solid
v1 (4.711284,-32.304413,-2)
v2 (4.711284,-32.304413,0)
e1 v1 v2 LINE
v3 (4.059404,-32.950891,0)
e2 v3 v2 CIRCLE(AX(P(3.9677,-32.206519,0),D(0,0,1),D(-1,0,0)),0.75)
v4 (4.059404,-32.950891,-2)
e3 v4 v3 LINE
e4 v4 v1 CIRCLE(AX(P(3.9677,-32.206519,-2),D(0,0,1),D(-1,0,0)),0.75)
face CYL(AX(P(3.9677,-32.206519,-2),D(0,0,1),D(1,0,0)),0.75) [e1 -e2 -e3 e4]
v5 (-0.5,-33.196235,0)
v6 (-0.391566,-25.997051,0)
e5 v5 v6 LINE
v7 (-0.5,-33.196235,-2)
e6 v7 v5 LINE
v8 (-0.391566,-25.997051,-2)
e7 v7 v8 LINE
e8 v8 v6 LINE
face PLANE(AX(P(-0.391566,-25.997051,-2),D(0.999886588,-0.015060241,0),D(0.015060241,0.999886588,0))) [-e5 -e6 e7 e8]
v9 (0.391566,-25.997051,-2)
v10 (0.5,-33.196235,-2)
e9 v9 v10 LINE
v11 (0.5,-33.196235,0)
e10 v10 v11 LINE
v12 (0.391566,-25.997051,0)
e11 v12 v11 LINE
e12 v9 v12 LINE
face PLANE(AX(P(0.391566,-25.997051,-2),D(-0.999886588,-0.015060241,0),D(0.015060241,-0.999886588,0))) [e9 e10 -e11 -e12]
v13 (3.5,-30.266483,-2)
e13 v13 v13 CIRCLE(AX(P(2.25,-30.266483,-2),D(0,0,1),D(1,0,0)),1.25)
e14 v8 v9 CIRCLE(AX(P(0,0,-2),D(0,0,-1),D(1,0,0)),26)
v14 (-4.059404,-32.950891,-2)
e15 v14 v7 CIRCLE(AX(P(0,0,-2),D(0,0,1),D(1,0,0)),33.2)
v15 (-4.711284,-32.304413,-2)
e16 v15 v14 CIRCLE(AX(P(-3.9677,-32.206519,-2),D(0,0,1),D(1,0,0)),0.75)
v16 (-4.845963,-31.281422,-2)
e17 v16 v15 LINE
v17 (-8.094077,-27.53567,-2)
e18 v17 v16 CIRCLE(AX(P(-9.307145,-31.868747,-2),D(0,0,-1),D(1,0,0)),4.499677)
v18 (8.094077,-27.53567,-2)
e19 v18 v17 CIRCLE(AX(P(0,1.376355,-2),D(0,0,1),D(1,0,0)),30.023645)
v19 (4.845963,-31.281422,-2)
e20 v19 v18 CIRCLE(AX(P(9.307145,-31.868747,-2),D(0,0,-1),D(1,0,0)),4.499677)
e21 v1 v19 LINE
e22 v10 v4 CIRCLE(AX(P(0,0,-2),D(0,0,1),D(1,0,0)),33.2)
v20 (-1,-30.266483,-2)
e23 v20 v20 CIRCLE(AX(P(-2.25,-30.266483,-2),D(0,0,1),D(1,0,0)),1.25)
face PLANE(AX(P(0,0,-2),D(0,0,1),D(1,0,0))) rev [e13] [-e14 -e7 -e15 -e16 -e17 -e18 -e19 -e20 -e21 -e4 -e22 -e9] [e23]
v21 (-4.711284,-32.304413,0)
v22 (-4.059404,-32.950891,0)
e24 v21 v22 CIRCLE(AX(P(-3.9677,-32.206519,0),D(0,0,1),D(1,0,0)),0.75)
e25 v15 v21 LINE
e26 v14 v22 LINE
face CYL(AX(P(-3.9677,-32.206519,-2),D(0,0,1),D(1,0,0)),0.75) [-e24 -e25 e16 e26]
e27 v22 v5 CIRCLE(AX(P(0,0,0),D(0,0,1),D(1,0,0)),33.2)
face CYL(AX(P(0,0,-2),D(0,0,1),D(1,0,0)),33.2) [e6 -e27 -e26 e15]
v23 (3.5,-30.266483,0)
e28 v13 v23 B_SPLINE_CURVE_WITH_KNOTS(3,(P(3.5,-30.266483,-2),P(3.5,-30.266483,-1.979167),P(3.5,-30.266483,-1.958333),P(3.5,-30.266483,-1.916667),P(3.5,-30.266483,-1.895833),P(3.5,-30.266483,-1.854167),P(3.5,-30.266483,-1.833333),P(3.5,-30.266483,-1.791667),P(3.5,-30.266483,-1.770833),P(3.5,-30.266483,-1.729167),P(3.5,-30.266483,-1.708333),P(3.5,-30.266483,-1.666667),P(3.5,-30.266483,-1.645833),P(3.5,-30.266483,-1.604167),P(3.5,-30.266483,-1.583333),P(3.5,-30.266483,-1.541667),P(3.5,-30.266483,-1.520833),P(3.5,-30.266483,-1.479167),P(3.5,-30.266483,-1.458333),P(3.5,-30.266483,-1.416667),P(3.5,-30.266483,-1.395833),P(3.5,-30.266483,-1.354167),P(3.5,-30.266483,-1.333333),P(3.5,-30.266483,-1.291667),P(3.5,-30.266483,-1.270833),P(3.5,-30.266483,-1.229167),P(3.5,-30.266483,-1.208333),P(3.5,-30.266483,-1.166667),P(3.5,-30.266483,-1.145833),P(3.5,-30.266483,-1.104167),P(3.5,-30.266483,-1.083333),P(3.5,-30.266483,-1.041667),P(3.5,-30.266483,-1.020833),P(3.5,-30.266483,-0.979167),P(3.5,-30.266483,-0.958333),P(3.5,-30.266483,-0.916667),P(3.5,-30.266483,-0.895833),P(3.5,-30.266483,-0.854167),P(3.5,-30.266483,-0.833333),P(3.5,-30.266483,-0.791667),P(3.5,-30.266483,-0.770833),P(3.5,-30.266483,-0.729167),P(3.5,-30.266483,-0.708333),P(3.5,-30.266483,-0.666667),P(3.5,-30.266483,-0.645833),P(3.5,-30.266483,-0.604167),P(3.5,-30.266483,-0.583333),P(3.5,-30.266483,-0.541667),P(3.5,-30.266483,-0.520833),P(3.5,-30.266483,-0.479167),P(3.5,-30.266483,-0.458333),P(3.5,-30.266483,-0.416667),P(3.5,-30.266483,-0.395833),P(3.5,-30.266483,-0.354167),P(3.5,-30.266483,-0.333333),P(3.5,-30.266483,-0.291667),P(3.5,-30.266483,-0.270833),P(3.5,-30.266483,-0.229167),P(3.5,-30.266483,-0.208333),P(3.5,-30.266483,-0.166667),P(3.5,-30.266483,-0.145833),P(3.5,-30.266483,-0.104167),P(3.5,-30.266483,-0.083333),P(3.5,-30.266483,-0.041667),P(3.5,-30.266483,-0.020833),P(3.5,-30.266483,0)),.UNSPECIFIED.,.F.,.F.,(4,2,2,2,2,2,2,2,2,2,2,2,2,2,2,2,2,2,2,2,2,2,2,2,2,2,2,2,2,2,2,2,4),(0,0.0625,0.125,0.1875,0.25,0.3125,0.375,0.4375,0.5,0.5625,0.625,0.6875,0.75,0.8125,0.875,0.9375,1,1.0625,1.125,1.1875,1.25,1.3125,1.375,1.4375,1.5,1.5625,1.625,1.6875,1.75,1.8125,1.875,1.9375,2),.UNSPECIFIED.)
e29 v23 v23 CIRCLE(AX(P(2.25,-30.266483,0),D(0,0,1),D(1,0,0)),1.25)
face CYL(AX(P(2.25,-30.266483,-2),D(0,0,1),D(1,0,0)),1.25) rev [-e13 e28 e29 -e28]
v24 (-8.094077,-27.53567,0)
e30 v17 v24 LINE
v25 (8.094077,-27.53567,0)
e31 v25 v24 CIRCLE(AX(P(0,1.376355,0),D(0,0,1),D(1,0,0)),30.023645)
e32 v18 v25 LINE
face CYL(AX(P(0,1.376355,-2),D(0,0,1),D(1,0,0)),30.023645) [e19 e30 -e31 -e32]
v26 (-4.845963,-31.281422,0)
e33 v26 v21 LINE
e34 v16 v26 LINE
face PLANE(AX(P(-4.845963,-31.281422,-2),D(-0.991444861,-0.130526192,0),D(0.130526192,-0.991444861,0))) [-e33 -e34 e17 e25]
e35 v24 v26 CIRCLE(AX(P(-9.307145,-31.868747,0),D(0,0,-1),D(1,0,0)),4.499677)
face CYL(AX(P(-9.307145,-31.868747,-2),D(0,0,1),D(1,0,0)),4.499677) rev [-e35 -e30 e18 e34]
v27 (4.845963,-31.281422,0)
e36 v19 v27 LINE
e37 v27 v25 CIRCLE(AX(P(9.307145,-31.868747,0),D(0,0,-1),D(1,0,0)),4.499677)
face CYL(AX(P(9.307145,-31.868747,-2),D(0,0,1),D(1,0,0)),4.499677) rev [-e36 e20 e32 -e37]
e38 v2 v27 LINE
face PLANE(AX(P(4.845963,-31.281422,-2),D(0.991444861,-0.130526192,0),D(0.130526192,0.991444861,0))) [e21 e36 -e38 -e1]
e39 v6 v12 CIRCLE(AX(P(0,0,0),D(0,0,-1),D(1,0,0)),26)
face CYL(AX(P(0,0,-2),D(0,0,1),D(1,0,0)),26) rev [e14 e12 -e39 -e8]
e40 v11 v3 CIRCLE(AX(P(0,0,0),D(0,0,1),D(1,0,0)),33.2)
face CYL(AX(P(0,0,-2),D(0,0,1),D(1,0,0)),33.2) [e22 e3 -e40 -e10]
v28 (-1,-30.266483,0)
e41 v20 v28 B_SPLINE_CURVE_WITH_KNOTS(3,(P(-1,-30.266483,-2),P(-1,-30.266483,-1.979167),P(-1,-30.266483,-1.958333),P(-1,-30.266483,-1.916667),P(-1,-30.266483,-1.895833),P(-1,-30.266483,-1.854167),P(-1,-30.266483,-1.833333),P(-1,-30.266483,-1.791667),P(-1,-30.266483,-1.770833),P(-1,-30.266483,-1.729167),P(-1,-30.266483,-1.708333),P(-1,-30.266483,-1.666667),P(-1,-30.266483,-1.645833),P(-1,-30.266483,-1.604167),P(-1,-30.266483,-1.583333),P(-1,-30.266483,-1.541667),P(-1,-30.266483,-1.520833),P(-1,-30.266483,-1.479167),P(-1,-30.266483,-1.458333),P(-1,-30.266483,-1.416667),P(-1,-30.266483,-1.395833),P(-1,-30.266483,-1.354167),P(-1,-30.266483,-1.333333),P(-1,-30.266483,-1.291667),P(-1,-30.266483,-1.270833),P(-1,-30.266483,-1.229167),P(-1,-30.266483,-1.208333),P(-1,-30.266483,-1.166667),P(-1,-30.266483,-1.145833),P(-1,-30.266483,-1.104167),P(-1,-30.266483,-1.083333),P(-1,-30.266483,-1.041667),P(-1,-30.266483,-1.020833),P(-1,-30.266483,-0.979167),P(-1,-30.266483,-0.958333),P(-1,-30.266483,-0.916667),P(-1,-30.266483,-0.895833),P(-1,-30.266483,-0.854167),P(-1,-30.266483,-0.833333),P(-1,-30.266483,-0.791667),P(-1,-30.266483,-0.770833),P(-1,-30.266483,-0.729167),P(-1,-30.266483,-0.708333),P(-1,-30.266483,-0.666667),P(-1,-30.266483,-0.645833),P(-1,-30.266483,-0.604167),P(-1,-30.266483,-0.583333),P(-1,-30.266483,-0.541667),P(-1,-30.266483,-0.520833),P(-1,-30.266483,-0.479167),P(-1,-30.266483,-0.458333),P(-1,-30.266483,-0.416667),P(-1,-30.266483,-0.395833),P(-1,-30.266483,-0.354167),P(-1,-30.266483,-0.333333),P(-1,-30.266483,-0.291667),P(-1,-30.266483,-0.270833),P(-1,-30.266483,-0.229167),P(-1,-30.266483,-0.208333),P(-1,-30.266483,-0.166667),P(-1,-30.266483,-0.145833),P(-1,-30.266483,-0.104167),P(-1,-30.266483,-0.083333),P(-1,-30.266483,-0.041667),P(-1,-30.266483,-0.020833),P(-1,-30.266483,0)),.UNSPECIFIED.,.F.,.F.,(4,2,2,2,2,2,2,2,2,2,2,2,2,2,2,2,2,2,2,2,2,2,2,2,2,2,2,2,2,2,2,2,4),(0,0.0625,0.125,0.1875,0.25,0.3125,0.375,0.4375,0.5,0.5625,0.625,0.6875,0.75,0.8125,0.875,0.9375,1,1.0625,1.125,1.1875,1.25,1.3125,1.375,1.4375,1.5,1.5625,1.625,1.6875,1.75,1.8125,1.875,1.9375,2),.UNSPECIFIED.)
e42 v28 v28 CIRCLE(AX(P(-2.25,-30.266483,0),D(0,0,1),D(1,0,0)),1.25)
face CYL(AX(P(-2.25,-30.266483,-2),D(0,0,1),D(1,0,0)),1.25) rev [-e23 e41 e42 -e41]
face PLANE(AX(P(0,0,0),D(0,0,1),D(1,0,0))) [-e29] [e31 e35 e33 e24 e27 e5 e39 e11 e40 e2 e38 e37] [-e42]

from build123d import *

# Parameters (mm, degrees)
BODYSKE_R  = 1.25
BODY_DEPTH = 2


with BuildPart() as part:
    # BodySke → Body (new body)
    with BuildSketch(Plane.XY):
        with BuildLine():
            Line((0.391566265, -25.997051292), (0.5, -33.196234726))
            ThreePointArc((0.5, -33.196234726), (2.282999989, -33.121411671), (4.059403737, -32.950891358))
            ThreePointArc((4.059403737, -32.950891358), (4.495819199, -32.739050942), (4.711283985, -32.304413457))
            Line((4.711283985, -32.304413457), (4.845963416, -31.281421613))
            ThreePointArc((4.845963416, -31.281421613), (5.907594805, -28.920841123), (8.094076679, -27.535670207))
            ThreePointArc((8.094076679, -27.535670207), (0, 31.4), (-8.094076679, -27.535670207))
            ThreePointArc((-8.094076679, -27.535670207), (-5.907594805, -28.920841123), (-4.845963416, -31.281421613))
            Line((-4.845963416, -31.281421613), (-4.711283985, -32.304413457))
            ThreePointArc((-4.711283985, -32.304413457), (-4.495819199, -32.739050942), (-4.059403737, -32.950891358))
            ThreePointArc((-4.059403737, -32.950891358), (-2.282999989, -33.121411671), (-0.5, -33.196234726))
            Line((-0.5, -33.196234726), (-0.391566265, -25.997051292))
            ThreePointArc((-0.391566265, -25.997051292), (0, 26), (0.391566265, -25.997051292))
        make_face()
        with Locations((2.25, -30.266483113)):
            Circle(BODYSKE_R, mode=Mode.SUBTRACT)
        with Locations((-2.25, -30.266483113)):
            Circle(BODYSKE_R, mode=Mode.SUBTRACT)
    extrude(amount=-BODY_DEPTH)


solid = part.part
